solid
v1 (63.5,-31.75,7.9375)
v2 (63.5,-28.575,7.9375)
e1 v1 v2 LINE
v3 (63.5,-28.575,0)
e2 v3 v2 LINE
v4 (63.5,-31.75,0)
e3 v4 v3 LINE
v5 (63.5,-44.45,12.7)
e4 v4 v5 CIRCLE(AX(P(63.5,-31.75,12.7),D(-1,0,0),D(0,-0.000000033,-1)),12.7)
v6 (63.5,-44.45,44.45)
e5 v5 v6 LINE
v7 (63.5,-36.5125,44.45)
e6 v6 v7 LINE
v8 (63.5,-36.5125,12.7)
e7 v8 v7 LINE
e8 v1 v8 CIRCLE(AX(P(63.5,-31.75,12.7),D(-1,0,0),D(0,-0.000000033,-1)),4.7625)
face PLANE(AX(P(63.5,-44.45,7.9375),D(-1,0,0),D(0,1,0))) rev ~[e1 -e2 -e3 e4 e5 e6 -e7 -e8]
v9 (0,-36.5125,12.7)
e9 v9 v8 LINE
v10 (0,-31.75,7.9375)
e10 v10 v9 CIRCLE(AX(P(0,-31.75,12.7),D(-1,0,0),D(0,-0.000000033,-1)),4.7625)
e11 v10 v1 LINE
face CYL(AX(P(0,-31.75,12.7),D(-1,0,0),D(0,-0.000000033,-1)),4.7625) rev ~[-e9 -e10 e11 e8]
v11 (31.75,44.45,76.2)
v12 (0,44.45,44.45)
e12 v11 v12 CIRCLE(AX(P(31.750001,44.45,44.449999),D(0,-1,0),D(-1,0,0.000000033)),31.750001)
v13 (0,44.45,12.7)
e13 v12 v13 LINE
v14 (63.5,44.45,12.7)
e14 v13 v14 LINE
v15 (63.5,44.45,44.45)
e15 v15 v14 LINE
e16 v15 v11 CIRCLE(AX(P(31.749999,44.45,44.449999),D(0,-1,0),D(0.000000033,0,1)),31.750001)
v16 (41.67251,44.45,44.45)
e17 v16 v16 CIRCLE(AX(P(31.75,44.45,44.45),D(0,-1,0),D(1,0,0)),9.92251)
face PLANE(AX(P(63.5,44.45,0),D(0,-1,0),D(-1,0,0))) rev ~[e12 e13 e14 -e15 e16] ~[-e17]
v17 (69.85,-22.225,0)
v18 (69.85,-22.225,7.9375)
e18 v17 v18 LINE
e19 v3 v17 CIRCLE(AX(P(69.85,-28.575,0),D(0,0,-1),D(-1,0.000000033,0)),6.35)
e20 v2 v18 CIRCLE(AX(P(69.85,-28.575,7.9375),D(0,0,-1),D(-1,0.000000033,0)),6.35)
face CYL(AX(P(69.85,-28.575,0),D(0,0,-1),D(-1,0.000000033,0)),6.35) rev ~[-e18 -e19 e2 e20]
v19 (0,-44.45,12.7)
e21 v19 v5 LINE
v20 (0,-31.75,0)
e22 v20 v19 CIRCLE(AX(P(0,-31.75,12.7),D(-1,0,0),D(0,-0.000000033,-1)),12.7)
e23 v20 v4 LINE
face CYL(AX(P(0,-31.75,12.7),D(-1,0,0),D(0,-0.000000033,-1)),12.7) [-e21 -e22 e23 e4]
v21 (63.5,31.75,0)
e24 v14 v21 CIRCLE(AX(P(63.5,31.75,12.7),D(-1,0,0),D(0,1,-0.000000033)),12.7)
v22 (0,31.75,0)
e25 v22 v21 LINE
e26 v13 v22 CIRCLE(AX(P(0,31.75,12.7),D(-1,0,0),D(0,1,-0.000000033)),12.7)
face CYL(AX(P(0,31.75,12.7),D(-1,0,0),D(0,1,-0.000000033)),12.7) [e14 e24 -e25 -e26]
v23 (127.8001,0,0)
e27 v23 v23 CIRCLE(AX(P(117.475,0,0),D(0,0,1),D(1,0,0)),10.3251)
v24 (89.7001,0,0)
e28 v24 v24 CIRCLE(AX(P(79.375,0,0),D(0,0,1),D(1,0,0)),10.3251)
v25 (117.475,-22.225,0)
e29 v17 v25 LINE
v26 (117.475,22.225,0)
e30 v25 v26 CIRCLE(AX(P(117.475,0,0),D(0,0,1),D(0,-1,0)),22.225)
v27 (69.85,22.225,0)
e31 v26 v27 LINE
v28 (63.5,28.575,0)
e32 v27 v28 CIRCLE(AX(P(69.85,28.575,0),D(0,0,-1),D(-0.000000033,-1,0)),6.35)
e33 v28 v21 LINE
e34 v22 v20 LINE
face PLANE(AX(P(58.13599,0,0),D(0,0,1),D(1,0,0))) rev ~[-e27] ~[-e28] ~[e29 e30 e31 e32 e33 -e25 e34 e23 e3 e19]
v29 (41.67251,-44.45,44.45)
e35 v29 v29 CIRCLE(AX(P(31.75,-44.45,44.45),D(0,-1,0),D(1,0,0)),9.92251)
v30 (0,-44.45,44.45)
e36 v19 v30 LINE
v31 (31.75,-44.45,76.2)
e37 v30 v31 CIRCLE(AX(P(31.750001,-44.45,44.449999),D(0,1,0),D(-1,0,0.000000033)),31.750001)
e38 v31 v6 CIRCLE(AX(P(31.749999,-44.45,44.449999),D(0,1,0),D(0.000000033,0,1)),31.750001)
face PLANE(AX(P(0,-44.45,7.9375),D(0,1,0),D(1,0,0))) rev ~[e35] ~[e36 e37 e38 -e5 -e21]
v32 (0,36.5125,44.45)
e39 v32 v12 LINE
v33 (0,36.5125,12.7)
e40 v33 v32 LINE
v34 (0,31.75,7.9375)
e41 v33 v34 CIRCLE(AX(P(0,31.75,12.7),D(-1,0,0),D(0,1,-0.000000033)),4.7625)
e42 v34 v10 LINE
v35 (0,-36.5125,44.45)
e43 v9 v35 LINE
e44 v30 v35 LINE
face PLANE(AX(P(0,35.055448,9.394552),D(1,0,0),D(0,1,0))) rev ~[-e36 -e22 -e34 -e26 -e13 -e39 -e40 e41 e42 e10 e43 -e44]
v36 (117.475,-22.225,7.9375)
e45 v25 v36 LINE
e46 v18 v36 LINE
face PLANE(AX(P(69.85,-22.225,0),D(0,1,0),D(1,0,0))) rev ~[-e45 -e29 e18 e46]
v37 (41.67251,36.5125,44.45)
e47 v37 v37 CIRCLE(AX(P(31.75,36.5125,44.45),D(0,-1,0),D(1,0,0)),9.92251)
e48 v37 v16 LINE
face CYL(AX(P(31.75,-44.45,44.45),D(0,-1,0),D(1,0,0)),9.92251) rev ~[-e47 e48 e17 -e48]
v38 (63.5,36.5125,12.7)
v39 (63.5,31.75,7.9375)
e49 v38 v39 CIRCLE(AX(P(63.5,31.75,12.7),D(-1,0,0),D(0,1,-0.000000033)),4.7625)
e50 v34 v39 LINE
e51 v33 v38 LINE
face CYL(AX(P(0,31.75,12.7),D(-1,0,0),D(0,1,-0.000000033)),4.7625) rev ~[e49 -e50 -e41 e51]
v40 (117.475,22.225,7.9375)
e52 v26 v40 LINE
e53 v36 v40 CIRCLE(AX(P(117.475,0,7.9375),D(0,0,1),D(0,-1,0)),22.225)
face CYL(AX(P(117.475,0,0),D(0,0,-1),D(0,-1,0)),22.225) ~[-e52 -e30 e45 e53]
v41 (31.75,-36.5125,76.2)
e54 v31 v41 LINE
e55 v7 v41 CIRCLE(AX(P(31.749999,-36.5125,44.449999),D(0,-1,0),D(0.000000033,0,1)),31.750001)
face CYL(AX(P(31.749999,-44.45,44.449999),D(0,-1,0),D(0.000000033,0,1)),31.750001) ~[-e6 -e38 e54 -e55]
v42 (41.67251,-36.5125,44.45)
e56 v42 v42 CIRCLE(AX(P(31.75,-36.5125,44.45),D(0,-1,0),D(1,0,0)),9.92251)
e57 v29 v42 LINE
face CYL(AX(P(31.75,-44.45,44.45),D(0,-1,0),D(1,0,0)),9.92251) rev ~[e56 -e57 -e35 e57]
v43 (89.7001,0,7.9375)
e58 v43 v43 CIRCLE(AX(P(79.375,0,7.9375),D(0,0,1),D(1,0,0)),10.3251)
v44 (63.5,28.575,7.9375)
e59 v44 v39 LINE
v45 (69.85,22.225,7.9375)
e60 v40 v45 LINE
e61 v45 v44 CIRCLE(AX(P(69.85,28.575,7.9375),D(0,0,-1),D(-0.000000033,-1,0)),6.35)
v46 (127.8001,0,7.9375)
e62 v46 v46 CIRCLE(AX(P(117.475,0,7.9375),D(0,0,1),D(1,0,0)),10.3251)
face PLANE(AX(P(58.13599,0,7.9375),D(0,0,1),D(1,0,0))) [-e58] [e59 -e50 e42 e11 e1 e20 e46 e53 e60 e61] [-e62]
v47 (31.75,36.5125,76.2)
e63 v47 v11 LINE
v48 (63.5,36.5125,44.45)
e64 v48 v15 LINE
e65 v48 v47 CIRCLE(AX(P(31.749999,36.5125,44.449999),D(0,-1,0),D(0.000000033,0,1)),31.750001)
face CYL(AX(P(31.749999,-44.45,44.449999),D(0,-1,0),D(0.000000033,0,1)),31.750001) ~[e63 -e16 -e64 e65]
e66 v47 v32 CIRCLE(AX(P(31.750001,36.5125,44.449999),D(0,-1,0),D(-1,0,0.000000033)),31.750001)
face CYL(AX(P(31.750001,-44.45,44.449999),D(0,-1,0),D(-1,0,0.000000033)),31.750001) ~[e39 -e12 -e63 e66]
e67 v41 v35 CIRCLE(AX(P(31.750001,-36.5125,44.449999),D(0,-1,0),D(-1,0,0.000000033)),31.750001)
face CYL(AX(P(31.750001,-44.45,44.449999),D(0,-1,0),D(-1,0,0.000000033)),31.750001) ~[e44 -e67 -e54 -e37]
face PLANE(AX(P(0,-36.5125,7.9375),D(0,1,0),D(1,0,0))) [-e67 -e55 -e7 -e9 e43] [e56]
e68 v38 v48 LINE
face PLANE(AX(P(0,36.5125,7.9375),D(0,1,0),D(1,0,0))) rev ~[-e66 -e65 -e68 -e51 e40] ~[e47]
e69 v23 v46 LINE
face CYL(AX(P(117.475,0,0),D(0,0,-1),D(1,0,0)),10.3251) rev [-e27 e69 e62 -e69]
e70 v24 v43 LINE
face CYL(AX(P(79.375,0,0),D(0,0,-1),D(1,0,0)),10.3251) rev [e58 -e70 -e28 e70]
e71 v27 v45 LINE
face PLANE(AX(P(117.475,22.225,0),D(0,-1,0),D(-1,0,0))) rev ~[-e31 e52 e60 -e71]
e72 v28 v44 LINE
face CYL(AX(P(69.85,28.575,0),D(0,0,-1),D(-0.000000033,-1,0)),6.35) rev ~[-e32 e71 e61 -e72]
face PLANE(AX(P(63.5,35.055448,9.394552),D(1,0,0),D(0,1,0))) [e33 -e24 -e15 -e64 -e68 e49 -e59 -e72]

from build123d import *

# Parameters (mm, degrees)
F0_R     = 10.3251
F1_DEPTH = 7.9375
F2_W     = 63.5
F2_H     = 7.9375
F3_DEPTH = 68.2625
F4_R     = 9.92251
F5_DEPTH = 88.901
F7_DEPTH = 139.701
F8_DEPTH = 63.5


with BuildPart() as f1:
    # F0 (on Top) → F1 (new body)
    with BuildSketch(Plane.XY):
        with BuildLine():
            Line((63.5, 44.45), (0, 44.45))
            Line((0, 44.45), (0, -44.45))
            Line((0, -44.45), (63.5, -44.45))
            Line((63.5, -44.45), (63.5, -28.575))
            ThreePointArc((63.5, -28.575), (65.359872, -24.084872), (69.85, -22.225))
            Line((69.85, -22.225), (117.475, -22.225))
            ThreePointArc((117.475, -22.225), (139.7, 0), (117.475, 22.225))
            Line((117.475, 22.225), (69.85, 22.225))
            ThreePointArc((69.85, 22.225), (65.359872, 24.084872), (63.5, 28.575))
            Line((63.5, 28.575), (63.5, 44.45))
        make_face()
        with Locations((79.375, 0)):
            Circle(F0_R, mode=Mode.SUBTRACT)
        with Locations((117.475, 0)):
            Circle(F0_R, mode=Mode.SUBTRACT)
    extrude(amount=F1_DEPTH)

    # F2 (on face) → F3 (join)
    with BuildSketch(Plane.XY.offset(7.9375)):
        with Locations((31.75, -40.48125)):
            Rectangle(F2_W, F2_H)
        with Locations((31.75, 40.48125)):
            Rectangle(F2_W, F2_H)
    extrude(amount=F3_DEPTH)

    # F4 (on face) → F5 (cut, through all)
    with BuildSketch(Plane.XZ.offset(44.45)):
        with BuildLine():
            ThreePointArc((0, 44.45), (9.29936, 66.90064), (31.75, 76.2))
            Line((31.75, 76.2), (0, 76.2))
            Line((0, 76.2), (0, 44.45))
        make_face()
        with BuildLine():
            ThreePointArc((31.75, 76.2), (54.20064, 66.90064), (63.5, 44.45))
            Line((63.5, 44.45), (63.5, 76.2))
            Line((63.5, 76.2), (31.75, 76.2))
        make_face()
        with Locations((31.75, 44.45)):
            Circle(F4_R)
    extrude(amount=-F5_DEPTH, mode=Mode.SUBTRACT)

    # F6 (on Right) → F7 (cut, through all)
    with BuildSketch(Plane.YZ):
        with BuildLine():
            ThreePointArc((-31.75, 0), (-40.730256, 3.719744), (-44.45, 12.7))
            Line((-44.45, 12.7), (-44.45, 0))
            Line((-44.45, 0), (-31.75, 0))
        make_face()
        with BuildLine():
            ThreePointArc((44.45, 12.7), (40.730256, 3.719744), (31.75, 0))
            Line((31.75, 0), (44.45, 0))
            Line((44.45, 0), (44.45, 12.7))
        make_face()
    extrude(amount=F7_DEPTH, mode=Mode.SUBTRACT)

    # F6 (on Right) → F8 (join)
    with BuildSketch(Plane.YZ):
        with BuildLine():
            ThreePointArc((36.5125, 12.7), (35.117596, 9.332404), (31.75, 7.9375))
            Line((31.75, 7.9375), (36.5125, 7.9375))
            Line((36.5125, 7.9375), (36.5125, 12.7))
        make_face()
        with BuildLine():
            ThreePointArc((-31.75, 7.9375), (-35.117596, 9.332404), (-36.5125, 12.7))
            Line((-36.5125, 12.7), (-36.5125, 7.9375))
            Line((-36.5125, 7.9375), (-31.75, 7.9375))
        make_face()
    extrude(amount=F8_DEPTH)


solid = f1.part
